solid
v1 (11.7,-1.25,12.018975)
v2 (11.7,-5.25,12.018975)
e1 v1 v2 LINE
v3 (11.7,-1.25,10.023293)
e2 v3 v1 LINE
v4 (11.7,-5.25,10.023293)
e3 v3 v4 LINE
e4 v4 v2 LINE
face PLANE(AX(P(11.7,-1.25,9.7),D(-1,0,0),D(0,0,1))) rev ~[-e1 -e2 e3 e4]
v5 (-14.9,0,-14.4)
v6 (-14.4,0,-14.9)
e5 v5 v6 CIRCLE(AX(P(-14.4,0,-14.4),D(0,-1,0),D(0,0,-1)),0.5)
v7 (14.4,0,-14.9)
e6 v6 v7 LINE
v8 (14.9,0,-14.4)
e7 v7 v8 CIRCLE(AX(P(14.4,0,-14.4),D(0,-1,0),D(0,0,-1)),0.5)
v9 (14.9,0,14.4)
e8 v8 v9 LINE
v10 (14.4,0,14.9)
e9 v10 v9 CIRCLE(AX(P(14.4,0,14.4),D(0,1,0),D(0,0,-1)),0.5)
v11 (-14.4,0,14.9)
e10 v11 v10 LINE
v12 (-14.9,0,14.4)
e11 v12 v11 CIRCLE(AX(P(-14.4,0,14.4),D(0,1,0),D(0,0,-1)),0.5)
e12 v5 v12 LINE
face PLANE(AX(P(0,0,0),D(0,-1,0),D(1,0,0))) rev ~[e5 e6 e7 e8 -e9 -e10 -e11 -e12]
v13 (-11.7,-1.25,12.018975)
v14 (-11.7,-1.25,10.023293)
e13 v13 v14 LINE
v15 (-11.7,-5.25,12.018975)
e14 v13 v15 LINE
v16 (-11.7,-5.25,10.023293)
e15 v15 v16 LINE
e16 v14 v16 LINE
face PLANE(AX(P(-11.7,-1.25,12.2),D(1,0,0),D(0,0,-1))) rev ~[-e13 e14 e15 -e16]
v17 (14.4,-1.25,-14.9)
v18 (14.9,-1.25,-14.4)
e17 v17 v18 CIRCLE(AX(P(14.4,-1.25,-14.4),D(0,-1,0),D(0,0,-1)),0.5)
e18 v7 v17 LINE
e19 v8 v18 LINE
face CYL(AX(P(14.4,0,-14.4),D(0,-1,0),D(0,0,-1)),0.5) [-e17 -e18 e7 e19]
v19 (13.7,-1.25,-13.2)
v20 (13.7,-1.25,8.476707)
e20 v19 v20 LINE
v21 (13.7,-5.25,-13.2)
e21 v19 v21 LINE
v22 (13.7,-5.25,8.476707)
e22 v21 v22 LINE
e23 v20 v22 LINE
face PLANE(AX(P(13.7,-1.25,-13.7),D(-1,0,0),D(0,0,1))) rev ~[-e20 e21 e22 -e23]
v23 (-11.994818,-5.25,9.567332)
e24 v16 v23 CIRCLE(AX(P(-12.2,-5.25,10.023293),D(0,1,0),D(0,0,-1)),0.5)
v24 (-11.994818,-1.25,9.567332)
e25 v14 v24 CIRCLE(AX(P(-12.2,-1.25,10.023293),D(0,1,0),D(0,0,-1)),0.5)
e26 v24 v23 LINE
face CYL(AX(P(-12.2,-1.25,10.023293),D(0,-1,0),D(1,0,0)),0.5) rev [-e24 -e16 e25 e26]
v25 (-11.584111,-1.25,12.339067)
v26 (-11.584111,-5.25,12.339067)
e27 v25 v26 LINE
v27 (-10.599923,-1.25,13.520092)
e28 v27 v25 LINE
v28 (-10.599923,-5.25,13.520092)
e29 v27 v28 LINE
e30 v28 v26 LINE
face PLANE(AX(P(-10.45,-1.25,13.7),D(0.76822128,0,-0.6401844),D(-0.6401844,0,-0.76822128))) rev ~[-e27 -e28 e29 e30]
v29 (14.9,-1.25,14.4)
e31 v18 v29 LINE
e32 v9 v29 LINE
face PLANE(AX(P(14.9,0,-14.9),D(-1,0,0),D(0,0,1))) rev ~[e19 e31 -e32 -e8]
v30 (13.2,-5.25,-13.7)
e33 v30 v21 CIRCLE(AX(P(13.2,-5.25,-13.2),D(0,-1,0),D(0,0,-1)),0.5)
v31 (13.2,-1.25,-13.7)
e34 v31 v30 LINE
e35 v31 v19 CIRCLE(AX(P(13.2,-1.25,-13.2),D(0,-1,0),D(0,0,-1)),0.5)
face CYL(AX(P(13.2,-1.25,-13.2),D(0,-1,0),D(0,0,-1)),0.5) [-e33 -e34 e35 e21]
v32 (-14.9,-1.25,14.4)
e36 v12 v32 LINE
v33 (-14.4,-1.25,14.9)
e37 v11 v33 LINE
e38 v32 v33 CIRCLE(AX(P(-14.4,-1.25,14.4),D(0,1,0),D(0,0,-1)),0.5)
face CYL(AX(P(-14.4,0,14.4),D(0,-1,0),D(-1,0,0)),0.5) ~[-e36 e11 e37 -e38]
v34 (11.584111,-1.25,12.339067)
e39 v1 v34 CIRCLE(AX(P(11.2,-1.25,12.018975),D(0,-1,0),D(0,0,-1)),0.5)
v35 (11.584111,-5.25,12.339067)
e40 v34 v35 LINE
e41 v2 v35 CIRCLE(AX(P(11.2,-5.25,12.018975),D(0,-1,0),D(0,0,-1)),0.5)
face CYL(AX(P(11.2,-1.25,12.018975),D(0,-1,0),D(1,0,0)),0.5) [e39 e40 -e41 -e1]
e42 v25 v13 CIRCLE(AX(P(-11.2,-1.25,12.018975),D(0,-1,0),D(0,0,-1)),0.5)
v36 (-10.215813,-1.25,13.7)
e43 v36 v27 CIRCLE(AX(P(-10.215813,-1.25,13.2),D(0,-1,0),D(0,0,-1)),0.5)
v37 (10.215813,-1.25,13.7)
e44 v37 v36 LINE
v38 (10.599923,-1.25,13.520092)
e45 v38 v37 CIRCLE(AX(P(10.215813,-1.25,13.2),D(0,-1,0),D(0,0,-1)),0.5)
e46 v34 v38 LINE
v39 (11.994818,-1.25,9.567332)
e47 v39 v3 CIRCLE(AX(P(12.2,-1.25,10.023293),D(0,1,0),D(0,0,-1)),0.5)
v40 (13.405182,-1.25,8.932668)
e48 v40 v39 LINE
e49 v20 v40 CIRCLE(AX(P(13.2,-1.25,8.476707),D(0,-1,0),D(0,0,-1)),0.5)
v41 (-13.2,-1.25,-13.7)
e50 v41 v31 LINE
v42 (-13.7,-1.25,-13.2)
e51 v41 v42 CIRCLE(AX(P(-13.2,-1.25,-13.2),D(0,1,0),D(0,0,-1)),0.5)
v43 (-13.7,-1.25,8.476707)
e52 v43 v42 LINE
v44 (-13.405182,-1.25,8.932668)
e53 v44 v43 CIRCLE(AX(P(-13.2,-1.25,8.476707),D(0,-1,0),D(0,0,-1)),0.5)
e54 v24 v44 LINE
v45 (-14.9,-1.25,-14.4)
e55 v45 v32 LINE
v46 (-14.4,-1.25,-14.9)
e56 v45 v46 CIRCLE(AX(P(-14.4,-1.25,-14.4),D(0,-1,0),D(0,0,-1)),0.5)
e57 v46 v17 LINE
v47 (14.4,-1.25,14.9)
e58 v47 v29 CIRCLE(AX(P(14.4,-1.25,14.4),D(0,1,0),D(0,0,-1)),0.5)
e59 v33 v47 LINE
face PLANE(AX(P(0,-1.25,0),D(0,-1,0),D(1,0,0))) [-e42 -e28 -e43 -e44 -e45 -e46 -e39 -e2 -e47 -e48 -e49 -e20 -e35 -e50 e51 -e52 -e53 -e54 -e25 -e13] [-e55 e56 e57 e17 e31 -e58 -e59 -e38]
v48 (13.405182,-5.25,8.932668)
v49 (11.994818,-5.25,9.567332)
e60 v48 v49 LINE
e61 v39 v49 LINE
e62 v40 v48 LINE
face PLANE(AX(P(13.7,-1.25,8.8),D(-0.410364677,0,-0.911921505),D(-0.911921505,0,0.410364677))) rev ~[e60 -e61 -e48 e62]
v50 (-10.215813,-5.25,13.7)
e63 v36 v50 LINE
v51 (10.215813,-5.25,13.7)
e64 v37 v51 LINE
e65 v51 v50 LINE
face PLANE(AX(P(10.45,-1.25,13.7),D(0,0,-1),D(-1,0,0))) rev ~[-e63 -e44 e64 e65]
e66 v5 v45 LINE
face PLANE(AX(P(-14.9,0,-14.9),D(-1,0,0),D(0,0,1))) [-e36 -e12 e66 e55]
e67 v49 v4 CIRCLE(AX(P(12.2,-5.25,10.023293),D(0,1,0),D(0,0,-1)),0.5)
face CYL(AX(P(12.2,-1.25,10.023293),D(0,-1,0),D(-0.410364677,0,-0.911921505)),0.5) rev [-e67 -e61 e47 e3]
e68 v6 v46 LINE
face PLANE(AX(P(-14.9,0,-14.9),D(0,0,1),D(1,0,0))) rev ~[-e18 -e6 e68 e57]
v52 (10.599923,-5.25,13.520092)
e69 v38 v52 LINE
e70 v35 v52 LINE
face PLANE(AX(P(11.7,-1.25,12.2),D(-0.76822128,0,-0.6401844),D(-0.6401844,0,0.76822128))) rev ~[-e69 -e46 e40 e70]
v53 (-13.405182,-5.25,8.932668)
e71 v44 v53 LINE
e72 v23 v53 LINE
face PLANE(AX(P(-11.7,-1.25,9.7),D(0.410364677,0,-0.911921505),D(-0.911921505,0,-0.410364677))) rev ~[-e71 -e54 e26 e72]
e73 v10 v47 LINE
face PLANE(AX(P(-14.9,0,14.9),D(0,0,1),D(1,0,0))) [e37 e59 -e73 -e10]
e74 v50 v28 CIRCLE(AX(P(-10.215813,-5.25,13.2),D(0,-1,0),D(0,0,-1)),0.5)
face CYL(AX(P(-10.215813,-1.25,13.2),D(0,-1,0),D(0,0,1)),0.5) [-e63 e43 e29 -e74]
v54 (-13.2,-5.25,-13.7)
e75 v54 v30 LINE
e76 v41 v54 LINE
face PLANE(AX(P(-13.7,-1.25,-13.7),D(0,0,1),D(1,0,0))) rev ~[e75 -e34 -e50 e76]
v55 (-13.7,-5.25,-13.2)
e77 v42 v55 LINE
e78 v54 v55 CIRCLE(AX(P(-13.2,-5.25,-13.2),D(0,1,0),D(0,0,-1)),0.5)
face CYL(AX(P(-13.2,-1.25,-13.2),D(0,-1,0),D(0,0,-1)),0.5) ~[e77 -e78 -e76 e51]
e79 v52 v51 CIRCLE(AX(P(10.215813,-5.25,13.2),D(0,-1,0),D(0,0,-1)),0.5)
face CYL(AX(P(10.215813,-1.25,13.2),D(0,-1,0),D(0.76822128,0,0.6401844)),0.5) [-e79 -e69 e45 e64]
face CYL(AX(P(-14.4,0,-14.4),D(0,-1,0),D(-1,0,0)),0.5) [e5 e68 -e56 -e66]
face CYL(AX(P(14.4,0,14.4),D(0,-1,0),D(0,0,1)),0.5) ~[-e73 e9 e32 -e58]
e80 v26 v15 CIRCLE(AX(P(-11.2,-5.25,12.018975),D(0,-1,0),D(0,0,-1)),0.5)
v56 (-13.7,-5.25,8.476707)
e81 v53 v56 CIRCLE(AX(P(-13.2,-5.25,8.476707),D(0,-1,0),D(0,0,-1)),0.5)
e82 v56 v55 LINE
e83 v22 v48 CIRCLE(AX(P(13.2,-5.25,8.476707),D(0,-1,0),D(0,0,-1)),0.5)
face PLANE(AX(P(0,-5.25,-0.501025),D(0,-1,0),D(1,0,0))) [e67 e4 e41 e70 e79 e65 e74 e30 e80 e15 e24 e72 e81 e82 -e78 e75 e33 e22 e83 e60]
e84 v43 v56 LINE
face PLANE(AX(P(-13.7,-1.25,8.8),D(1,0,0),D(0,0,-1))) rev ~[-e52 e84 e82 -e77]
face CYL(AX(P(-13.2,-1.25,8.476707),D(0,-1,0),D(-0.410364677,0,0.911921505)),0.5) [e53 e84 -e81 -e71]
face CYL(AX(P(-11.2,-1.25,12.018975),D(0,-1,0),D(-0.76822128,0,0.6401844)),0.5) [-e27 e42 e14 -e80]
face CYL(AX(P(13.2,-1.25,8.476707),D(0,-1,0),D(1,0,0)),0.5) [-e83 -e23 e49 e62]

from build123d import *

# Parameters (mm, degrees)
F0_W     = 29.8
F0_H     = 29.8
F1_DEPTH = 1.25
F3_DEPTH = 4
F4_R     = 0.5


with BuildPart() as f1:
    # F0 (on Front) → F1 (new body)
    with BuildSketch(Plane.XZ):
        Rectangle(F0_W, F0_H)
    extrude(amount=F1_DEPTH)

    # F2 (on face) → F3 (join)
    with BuildSketch(Plane.XZ.offset(1.25)):
        Polygon((-13.7, -13.7), (0, -13.7), (13.7, -13.7), (13.7, 8.8), (11.7, 9.7), (11.7, 12.2), (10.45, 13.7), (0, 13.7), (-10.45, 13.7), (-11.7, 12.2), (-11.7, 9.7), (-13.7, 8.8), align=None)
    extrude(amount=F3_DEPTH)

    # F4
    f4_edges = [f1.edges().sort_by_distance(p)[0] for p in [
        (-14.9, -0.625, 14.9),
        (-14.9, -0.625, -14.9),
        (-11.7, -3.25, 12.2),
        (-10.45, -3.25, 13.7),
        (-11.7, -3.25, 9.7),
        (-13.7, -3.25, 8.8),
        (-13.7, -3.25, -13.7),
        (14.9, -0.625, 14.9),
        (14.9, -0.625, -14.9),
        (13.7, -3.25, -13.7),
        (13.7, -3.25, 8.8),
        (11.7, -3.25, 9.7),
        (11.7, -3.25, 12.2),
        (10.45, -3.25, 13.7),
    ]]
    fillet(f4_edges, radius=F4_R)


solid = f1.part
